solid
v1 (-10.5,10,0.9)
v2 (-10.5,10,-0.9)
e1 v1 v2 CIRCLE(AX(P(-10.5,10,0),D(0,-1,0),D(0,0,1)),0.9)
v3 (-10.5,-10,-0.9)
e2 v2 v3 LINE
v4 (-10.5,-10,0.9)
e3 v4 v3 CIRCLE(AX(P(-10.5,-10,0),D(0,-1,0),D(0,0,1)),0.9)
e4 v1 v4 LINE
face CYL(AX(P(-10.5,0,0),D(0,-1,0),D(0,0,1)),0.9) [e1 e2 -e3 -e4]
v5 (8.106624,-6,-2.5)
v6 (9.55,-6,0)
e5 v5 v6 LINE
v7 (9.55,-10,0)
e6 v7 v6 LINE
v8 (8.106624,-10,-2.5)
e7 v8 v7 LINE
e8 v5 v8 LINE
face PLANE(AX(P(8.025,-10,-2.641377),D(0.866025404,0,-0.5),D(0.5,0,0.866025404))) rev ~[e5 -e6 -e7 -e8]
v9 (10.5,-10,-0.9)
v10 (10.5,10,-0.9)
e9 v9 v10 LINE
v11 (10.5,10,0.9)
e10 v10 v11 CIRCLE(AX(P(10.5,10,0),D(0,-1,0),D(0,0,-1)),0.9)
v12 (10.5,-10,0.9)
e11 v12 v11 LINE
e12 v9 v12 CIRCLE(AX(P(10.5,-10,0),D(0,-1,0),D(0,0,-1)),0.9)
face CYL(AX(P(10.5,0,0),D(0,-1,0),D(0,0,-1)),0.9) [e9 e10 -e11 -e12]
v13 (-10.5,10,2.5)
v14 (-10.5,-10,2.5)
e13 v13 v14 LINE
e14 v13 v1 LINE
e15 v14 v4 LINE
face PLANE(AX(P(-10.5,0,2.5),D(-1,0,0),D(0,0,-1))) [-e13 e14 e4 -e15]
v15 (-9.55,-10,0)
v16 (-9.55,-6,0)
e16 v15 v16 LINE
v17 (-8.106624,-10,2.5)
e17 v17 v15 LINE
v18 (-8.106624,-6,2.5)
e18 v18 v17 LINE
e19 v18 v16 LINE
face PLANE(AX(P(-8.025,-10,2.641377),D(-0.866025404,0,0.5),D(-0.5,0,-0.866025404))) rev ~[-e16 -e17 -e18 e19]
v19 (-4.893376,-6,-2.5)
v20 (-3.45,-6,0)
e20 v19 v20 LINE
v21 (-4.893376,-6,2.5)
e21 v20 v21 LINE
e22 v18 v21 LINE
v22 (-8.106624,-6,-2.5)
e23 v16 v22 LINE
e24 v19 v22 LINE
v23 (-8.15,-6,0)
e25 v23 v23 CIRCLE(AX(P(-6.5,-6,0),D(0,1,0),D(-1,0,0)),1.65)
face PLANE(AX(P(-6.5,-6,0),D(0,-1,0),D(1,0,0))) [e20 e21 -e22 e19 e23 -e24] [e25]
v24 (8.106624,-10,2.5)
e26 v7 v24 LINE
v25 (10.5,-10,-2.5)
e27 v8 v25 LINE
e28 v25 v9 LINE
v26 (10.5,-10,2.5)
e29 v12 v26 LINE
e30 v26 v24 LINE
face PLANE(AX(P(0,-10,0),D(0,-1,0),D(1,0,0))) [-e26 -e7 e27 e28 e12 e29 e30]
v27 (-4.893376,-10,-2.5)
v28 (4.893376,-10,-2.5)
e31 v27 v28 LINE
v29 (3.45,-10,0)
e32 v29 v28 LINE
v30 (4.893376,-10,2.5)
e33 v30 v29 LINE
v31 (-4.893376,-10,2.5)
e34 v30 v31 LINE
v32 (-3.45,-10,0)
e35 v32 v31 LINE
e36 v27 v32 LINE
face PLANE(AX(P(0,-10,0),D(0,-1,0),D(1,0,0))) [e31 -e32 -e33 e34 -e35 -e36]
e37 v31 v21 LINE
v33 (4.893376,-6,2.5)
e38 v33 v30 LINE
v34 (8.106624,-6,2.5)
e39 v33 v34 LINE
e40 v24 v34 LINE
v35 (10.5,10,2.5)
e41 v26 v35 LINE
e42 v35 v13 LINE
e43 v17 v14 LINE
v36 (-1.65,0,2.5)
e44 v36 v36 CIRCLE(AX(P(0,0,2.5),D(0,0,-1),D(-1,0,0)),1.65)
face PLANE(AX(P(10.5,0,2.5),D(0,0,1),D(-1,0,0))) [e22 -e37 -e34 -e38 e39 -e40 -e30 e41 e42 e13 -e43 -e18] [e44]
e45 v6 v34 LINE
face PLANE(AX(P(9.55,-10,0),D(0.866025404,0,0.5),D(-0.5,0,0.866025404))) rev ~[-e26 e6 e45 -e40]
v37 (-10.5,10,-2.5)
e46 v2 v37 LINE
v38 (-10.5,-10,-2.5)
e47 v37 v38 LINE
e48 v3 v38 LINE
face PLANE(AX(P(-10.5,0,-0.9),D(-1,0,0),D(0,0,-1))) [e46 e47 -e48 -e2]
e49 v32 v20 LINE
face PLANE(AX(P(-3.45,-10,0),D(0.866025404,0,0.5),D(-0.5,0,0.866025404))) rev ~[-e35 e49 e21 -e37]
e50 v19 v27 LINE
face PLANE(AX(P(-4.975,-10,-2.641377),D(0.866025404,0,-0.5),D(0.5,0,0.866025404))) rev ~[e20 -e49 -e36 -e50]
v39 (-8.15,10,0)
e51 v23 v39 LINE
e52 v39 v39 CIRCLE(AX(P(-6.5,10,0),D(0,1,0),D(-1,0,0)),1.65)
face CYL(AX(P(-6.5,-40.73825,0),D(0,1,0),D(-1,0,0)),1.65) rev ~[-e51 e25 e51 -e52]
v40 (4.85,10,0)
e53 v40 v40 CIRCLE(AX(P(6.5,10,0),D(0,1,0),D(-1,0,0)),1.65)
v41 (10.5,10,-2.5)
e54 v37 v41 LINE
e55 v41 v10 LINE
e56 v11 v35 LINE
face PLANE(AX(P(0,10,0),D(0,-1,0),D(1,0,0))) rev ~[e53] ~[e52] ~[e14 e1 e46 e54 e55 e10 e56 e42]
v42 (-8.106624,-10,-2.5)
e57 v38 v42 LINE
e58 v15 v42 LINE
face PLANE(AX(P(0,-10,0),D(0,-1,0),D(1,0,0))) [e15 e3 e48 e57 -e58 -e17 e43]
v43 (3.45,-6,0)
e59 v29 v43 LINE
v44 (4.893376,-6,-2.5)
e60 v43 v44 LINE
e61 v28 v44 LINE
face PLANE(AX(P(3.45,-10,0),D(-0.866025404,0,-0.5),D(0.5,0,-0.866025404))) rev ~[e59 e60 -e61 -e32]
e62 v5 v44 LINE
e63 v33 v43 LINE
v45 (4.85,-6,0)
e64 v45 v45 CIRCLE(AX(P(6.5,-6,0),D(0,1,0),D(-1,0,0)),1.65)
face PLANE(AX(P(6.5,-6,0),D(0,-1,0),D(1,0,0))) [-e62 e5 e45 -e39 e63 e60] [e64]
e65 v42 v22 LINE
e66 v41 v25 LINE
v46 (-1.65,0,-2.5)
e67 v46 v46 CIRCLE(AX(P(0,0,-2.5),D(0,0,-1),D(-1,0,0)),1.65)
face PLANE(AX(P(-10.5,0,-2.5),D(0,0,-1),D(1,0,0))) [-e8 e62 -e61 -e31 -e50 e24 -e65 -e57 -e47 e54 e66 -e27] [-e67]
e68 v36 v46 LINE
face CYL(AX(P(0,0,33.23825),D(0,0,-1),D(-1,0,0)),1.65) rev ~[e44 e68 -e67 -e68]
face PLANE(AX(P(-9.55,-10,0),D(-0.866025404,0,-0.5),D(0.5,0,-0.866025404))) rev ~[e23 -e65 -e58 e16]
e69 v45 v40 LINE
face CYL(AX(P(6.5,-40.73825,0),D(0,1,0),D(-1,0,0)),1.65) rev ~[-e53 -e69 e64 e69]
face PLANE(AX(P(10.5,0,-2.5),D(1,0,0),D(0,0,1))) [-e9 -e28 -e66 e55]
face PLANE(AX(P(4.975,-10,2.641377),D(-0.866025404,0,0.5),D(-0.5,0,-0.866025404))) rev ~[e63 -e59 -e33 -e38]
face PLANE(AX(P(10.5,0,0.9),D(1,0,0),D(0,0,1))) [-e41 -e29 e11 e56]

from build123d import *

# Parameters (mm, degrees)
F1_DEPTH = 10
F3_D     = 3.3
F5_D     = 3.3
F6_DEPTH = 4


with BuildPart() as f1:
    # F0 (on Front) → F1 (new body, symmetric)
    with BuildSketch(Plane.XZ):
        Polygon((10.5, 0.9), (10.5, 2.5), (-10.5, 2.5), (-10.5, 0.9), (-10.5, -0.9), (-10.5, -2.5), (10.5, -2.5), (10.5, -0.9), align=None)
        with BuildLine():
            ThreePointArc((10.5, -0.9), (11.4, 0), (10.5, 0.9))
            Line((10.5, 0.9), (10.5, -0.9))
        make_face()
        with BuildLine():
            Line((-10.5, -0.9), (-10.5, 0.9))
            ThreePointArc((-10.5, 0.9), (-11.4, 0), (-10.5, -0.9))
        make_face()
    extrude(amount=F1_DEPTH, both=True)

    # F3 (through all)
    with Locations(Plane.XY.offset(2.5)):
        with Locations((0, 0)):
            Hole(F3_D / 2)

    # F5 (through all)
    with Locations(Plane.XZ.offset(10)):
        with Locations((-6.5, 0), (6.5, 0)):
            Hole(F5_D / 2)

    # F4 (on face) → F6 (cut)
    with BuildSketch(Plane.XZ.offset(10)):
        Polygon((-3.45, 0), (-4.975, 2.6413774815), (-8.025, 2.6413774815), (-9.55, 0), (-8.025, -2.6413774815), (-4.975, -2.6413774815), align=None)
        Polygon((4.975, 2.6413774815), (3.45, 0), (4.975, -2.6413774815), (8.025, -2.6413774815), (9.55, 0), (8.025, 2.6413774815), align=None)
    extrude(amount=-F6_DEPTH, mode=Mode.SUBTRACT)


solid = f1.part
